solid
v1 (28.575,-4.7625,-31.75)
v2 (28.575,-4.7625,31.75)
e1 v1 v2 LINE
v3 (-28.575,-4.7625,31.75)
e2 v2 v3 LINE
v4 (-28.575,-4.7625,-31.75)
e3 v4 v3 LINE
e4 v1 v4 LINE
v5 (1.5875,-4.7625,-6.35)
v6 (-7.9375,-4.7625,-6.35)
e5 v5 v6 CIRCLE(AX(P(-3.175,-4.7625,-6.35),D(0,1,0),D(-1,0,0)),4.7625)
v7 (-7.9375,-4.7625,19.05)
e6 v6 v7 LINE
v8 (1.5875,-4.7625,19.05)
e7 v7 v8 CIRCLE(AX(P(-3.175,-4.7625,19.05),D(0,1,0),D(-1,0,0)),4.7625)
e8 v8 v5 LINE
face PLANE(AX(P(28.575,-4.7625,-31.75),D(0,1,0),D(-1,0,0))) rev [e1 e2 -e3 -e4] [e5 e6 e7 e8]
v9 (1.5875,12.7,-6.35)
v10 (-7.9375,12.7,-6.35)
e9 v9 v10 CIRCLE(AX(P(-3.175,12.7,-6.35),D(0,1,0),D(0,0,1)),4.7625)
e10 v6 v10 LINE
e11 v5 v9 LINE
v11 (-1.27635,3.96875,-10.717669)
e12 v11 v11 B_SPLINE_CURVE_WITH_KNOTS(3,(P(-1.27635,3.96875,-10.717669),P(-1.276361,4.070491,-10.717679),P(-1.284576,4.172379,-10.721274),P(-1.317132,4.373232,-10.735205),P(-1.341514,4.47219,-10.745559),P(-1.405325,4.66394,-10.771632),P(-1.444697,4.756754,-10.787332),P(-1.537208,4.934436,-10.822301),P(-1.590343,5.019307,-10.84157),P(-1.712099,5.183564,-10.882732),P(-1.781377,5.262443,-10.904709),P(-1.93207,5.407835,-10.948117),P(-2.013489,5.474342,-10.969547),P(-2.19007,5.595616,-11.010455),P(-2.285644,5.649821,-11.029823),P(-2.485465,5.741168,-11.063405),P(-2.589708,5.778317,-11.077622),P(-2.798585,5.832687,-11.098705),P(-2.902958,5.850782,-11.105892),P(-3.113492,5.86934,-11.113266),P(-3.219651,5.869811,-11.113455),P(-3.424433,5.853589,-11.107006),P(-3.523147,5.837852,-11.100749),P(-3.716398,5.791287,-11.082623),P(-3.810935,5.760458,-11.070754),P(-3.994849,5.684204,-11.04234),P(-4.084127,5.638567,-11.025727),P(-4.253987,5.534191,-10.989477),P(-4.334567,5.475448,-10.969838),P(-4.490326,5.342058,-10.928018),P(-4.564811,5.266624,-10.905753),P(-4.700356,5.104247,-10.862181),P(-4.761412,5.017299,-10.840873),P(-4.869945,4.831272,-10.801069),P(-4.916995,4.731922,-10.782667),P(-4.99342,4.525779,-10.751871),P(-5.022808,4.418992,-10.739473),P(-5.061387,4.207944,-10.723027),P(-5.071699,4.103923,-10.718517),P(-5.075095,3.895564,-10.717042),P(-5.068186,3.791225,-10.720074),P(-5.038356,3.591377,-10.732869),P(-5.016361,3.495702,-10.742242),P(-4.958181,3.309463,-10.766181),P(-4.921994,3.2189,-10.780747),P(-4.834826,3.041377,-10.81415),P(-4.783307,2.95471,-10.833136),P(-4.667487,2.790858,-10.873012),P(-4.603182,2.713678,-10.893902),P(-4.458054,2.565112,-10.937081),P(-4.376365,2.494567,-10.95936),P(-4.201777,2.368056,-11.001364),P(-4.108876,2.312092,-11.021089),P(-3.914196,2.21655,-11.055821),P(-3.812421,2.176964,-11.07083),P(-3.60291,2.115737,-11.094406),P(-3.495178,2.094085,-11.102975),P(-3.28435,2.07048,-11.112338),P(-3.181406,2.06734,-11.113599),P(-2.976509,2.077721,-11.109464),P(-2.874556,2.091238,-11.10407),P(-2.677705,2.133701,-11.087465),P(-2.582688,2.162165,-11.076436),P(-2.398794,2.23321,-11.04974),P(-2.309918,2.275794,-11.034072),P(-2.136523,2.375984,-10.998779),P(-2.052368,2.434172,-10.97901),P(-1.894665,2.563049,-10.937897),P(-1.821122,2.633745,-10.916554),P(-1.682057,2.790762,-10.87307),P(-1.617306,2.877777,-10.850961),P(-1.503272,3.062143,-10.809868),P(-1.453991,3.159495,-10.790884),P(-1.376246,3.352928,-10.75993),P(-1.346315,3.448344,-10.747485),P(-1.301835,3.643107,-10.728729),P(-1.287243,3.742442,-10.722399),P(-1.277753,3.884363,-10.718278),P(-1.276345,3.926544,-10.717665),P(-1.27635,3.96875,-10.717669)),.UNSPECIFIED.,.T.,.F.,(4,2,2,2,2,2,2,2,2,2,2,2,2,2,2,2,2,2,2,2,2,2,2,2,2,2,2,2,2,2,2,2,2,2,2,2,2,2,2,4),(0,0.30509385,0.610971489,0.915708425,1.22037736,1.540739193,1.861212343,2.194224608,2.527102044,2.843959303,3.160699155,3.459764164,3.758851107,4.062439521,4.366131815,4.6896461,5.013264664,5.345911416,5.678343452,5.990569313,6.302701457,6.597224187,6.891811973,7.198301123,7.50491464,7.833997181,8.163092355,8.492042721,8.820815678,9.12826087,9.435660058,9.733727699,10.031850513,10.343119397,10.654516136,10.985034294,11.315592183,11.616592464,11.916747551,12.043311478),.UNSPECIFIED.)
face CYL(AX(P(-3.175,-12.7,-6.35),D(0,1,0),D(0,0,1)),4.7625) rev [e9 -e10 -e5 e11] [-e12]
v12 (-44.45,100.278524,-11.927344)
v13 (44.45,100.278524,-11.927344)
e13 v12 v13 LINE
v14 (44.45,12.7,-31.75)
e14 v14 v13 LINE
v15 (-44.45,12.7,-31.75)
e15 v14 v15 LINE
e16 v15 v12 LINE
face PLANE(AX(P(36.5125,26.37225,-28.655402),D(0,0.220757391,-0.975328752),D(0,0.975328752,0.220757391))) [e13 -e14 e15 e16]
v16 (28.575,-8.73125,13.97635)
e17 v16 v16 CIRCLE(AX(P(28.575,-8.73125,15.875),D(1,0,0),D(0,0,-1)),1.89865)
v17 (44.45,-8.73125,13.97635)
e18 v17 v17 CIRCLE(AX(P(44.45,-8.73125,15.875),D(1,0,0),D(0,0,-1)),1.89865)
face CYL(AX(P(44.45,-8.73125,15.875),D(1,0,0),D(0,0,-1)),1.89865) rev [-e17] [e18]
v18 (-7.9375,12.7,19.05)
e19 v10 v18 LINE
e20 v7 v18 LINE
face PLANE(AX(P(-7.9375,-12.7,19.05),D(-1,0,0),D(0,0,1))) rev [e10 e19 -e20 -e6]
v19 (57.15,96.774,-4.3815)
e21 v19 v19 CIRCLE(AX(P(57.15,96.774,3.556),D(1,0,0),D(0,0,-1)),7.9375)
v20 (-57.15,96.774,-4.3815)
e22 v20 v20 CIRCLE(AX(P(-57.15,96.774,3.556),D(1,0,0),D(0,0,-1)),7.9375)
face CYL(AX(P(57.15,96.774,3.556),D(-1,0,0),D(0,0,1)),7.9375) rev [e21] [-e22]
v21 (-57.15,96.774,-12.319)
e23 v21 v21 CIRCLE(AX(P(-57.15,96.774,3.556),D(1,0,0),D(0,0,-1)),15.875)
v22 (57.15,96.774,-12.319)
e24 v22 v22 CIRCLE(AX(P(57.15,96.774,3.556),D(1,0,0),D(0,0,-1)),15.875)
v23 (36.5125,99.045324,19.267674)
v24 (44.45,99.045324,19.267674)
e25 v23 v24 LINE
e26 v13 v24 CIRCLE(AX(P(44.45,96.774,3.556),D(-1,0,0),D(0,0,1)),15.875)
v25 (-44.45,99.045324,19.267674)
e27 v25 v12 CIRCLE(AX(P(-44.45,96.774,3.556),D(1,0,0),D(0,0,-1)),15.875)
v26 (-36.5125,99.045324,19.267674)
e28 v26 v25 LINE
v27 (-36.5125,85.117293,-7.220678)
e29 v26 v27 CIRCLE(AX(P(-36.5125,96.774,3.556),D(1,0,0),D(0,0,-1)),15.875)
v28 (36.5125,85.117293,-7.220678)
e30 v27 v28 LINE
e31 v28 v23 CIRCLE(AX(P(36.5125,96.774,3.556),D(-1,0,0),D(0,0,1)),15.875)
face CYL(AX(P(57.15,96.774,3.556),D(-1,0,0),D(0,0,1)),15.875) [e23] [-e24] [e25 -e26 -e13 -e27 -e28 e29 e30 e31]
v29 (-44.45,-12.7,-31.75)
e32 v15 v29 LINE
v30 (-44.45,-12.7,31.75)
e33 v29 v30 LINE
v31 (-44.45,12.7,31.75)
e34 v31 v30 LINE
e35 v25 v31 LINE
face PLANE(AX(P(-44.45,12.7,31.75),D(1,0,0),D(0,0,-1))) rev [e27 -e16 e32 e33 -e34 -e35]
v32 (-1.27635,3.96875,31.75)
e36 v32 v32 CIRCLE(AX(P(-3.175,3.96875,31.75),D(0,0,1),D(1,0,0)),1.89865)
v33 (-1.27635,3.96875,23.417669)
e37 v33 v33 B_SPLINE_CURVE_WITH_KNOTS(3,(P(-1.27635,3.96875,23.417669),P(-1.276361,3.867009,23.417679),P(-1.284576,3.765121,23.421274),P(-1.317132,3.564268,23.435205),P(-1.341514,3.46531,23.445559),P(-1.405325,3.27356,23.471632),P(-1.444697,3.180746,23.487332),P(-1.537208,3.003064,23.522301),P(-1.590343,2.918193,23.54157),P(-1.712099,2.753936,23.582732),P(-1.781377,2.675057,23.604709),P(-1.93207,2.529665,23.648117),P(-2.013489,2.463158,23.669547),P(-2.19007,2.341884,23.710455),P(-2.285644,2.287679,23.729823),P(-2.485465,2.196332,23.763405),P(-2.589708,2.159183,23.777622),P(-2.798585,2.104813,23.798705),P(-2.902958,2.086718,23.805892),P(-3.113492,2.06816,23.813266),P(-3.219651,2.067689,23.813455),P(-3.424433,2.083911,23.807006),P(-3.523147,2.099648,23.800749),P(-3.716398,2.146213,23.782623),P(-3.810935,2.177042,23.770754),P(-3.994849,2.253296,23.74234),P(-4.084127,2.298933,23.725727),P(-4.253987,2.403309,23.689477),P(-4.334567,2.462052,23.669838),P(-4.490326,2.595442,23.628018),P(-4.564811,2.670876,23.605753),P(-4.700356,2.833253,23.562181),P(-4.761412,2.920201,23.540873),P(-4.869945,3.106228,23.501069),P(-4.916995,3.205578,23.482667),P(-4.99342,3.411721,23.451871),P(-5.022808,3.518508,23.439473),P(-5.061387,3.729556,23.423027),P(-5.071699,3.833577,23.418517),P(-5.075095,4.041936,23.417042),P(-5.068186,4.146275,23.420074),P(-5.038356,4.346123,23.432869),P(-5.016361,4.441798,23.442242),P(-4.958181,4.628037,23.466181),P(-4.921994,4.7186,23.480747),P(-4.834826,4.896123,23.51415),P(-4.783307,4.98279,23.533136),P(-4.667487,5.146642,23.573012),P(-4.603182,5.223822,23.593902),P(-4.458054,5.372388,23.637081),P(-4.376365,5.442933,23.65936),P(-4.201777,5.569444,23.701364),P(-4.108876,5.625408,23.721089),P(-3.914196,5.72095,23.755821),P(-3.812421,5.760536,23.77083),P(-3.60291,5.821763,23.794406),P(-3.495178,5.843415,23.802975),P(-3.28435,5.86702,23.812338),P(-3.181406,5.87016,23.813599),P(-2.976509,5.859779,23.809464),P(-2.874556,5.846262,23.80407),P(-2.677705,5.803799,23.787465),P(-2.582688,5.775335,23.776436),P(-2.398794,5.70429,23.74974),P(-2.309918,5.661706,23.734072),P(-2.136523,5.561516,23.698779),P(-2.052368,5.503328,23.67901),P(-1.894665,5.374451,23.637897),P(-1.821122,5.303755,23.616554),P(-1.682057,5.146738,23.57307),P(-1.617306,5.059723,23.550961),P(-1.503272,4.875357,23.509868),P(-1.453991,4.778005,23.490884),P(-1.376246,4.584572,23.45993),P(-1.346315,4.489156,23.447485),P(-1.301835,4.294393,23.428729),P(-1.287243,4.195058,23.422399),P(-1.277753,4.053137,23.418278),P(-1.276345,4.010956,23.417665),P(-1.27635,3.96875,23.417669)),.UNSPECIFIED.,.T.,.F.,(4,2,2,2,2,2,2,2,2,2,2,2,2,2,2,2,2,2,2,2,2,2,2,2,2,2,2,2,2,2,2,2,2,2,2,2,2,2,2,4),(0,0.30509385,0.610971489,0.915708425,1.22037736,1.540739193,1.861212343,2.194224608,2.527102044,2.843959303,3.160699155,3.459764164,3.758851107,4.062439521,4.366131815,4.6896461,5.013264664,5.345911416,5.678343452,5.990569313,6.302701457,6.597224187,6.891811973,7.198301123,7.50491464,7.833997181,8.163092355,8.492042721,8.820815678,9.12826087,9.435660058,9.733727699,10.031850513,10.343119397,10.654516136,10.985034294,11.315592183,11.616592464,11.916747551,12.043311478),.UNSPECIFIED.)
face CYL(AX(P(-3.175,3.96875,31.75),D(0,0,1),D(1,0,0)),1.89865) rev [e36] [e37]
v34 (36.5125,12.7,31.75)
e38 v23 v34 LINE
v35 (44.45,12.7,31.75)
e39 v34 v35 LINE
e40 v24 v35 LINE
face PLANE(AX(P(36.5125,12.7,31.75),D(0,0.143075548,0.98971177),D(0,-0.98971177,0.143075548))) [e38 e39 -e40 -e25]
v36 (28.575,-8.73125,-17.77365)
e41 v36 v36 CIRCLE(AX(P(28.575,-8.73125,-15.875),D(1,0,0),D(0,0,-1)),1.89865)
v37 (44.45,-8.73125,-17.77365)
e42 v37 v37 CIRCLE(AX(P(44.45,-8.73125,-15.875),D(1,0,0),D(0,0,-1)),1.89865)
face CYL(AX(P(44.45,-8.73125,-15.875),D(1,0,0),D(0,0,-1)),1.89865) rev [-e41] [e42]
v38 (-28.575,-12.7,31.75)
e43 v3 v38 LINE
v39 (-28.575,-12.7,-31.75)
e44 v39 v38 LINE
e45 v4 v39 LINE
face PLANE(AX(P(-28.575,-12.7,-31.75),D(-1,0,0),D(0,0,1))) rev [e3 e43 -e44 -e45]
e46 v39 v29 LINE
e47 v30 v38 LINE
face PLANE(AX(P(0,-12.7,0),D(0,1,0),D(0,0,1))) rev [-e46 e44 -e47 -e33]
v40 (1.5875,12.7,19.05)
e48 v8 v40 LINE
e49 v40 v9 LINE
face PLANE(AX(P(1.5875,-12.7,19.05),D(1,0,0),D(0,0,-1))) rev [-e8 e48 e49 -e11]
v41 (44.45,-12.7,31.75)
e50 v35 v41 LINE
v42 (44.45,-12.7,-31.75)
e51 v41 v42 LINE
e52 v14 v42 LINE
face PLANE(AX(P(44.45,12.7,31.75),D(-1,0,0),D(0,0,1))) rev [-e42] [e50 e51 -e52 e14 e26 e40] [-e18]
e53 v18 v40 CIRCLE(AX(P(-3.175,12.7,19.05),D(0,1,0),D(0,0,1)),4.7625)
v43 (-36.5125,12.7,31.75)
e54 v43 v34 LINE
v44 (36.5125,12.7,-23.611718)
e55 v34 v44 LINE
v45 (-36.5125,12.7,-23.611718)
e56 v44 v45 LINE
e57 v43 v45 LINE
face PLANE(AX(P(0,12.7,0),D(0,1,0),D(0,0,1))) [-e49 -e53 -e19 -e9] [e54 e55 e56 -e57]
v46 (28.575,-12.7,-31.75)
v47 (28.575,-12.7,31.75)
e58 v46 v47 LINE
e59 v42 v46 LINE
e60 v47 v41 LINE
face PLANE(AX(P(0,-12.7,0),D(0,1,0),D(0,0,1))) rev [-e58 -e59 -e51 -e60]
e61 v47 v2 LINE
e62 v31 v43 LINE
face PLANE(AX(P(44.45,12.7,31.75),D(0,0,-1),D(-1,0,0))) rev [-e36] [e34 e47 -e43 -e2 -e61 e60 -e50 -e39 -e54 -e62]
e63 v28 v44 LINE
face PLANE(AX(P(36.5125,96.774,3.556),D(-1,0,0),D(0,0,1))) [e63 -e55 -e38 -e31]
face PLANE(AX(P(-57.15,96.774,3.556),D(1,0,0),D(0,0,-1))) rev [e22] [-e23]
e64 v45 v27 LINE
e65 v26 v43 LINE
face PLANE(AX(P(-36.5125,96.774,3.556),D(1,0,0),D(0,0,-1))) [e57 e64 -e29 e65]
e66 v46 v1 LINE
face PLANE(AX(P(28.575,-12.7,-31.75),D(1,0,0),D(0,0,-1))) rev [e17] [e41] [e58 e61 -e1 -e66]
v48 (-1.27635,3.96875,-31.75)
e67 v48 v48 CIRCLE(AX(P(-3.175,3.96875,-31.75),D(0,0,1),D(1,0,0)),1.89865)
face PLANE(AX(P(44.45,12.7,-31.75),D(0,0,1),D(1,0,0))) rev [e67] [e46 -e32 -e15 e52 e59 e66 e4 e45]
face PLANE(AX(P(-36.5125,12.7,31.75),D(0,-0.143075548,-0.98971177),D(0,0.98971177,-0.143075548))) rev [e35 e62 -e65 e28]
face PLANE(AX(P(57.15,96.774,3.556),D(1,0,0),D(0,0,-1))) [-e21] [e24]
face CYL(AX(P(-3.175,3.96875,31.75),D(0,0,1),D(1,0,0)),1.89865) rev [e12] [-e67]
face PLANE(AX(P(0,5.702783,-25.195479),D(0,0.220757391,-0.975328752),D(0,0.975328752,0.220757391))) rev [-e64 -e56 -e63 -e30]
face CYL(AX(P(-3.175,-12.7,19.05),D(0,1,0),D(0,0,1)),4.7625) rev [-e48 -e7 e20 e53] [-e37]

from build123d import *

# Parameters (mm, degrees)
SKETCH1_W                  = 88.9
SKETCH1_H                  = 63.5
BOSS_EXTRUDE1_DEPTH        = 12.7
SKETCH2_W                  = 57.15
SKETCH2_H                  = 7.9375
CUT_EXTRUDE1_DEPTH         = 79.545162168
F_10_24_TAPPED_HOLE1_D     = 3.7973
CUT_EXTRUDE2_DEPTH         = 25.4
BOSS_EXTRUDE2_START        = 44.45
BOSS_EXTRUDE2_DEPTH        = 7.9375
BOSS_EXTRUDE3_START        = -36.5125
BOSS_EXTRUDE3_DEPTH        = 7.9375
SKETCH7_W                  = 73.025
SKETCH7_H                  = 89.79384994
BOSS_EXTRUDE4_DEPTH        = 7.9375
SKETCH8_R                  = 15.875
SKETCH8_R_2                = 7.9375
BOSS_EXTRUDE5_DEPTH        = 57.15
F_10_24_TAPPED_HOLE2_D     = 3.7973
F_10_24_TAPPED_HOLE2_DEPTH = 15.875


with BuildPart() as part:
    # Sketch1 → Boss-Extrude1 (new, symmetric)
    with BuildSketch(Plane(origin=(0, 0, 0), x_dir=(1, 0, 0), z_dir=(0, 1, 0))):
        Rectangle(SKETCH1_W, SKETCH1_H)
    extrude(amount=BOSS_EXTRUDE1_DEPTH, both=True)

    # Sketch2 → Cut-Extrude1 (cut, through all)
    with BuildSketch(Plane.XY.offset(31.75)):
        with Locations((0, -8.73125)):
            Rectangle(SKETCH2_W, SKETCH2_H)
    extrude(amount=-CUT_EXTRUDE1_DEPTH, mode=Mode.SUBTRACT)

    # #10-24 Tapped Hole1 (through all)
    with Locations(Plane.XY.offset(31.75)):
        with Locations((-3.175, 3.96875)):
            Hole(F_10_24_TAPPED_HOLE1_D / 2)

    # Sketch5 → Cut-Extrude2 (cut)
    with BuildSketch(Plane(origin=(0, 12.7, 0), x_dir=(1, 0, 0), z_dir=(0, 1, 0))):
        with BuildLine():
            Line((-7.9375, -19.05), (-7.9375, 6.35))
            ThreePointArc((-7.9375, 6.35), (-3.175, 11.1125), (1.5875, 6.35))
            Line((1.5875, 6.35), (1.5875, -19.05))
            ThreePointArc((1.5875, -19.05), (-3.175, -23.8125), (-7.9375, -19.05))
        make_face()
    extrude(amount=-CUT_EXTRUDE2_DEPTH, mode=Mode.SUBTRACT)

    # Sketch6 → Boss-Extrude2 (add)
    with BuildSketch(Plane(origin=(0, 0, 0), x_dir=(0, 0, -1), z_dir=(1, 0, 0)).offset(BOSS_EXTRUDE2_START)):
        with BuildLine():
            Line((-31.75, 12.7), (-19.267674347, 99.045324328))
            ThreePointArc((-19.267674347, 99.045324328), (-2.928920422, 80.911389994), (11.927343936, 100.278523586))
            Line((11.927343936, 100.278523586), (31.75, 12.7))
            Line((31.75, 12.7), (-31.75, 12.7))
        make_face()
    extrude(amount=-BOSS_EXTRUDE2_DEPTH)

    # Sketch6<2> → Boss-Extrude3 (add)
    with BuildSketch(Plane(origin=(0, 0, 0), x_dir=(0, 0, -1), z_dir=(1, 0, 0)).offset(BOSS_EXTRUDE3_START)):
        with BuildLine():
            Line((-31.75, 12.7), (-19.267674347, 99.045324328))
            ThreePointArc((-19.267674347, 99.045324328), (-2.928920422, 80.911389994), (11.927343936, 100.278523586))
            Line((11.927343936, 100.278523586), (31.75, 12.7))
            Line((31.75, 12.7), (-31.75, 12.7))
        make_face()
    extrude(amount=-BOSS_EXTRUDE3_DEPTH)

    # Sketch7 → Boss-Extrude4 (add)
    with BuildSketch(Plane(origin=(0, 7.455044818, -32.937151123), x_dir=(-1, 0, 0), z_dir=(0, 0.22075739126394447, -0.9753287518587453))):
        with Locations((0, 50.274552946)):
            Rectangle(SKETCH7_W, SKETCH7_H)
    extrude(amount=-BOSS_EXTRUDE4_DEPTH)

    # Sketch8 → Boss-Extrude5 (add, symmetric)
    with BuildSketch(Plane(origin=(0, 0, 0), x_dir=(0, 0, -1), z_dir=(1, 0, 0))):
        with Locations((-3.556, 96.774)):
            Circle(SKETCH8_R)
        with Locations((-3.556, 96.774)):
            Circle(SKETCH8_R_2, mode=Mode.SUBTRACT)
    extrude(amount=BOSS_EXTRUDE5_DEPTH, both=True)

    # #10-24 Tapped Hole2
    with Locations(Plane(origin=(44.45, 0, 0), x_dir=(0, 0, -1), z_dir=(1, 0, 0))):
        with Locations((-15.875, -8.73125), (15.875, -8.73125)):
            Hole(F_10_24_TAPPED_HOLE2_D / 2, depth=F_10_24_TAPPED_HOLE2_DEPTH)


solid = part.part
